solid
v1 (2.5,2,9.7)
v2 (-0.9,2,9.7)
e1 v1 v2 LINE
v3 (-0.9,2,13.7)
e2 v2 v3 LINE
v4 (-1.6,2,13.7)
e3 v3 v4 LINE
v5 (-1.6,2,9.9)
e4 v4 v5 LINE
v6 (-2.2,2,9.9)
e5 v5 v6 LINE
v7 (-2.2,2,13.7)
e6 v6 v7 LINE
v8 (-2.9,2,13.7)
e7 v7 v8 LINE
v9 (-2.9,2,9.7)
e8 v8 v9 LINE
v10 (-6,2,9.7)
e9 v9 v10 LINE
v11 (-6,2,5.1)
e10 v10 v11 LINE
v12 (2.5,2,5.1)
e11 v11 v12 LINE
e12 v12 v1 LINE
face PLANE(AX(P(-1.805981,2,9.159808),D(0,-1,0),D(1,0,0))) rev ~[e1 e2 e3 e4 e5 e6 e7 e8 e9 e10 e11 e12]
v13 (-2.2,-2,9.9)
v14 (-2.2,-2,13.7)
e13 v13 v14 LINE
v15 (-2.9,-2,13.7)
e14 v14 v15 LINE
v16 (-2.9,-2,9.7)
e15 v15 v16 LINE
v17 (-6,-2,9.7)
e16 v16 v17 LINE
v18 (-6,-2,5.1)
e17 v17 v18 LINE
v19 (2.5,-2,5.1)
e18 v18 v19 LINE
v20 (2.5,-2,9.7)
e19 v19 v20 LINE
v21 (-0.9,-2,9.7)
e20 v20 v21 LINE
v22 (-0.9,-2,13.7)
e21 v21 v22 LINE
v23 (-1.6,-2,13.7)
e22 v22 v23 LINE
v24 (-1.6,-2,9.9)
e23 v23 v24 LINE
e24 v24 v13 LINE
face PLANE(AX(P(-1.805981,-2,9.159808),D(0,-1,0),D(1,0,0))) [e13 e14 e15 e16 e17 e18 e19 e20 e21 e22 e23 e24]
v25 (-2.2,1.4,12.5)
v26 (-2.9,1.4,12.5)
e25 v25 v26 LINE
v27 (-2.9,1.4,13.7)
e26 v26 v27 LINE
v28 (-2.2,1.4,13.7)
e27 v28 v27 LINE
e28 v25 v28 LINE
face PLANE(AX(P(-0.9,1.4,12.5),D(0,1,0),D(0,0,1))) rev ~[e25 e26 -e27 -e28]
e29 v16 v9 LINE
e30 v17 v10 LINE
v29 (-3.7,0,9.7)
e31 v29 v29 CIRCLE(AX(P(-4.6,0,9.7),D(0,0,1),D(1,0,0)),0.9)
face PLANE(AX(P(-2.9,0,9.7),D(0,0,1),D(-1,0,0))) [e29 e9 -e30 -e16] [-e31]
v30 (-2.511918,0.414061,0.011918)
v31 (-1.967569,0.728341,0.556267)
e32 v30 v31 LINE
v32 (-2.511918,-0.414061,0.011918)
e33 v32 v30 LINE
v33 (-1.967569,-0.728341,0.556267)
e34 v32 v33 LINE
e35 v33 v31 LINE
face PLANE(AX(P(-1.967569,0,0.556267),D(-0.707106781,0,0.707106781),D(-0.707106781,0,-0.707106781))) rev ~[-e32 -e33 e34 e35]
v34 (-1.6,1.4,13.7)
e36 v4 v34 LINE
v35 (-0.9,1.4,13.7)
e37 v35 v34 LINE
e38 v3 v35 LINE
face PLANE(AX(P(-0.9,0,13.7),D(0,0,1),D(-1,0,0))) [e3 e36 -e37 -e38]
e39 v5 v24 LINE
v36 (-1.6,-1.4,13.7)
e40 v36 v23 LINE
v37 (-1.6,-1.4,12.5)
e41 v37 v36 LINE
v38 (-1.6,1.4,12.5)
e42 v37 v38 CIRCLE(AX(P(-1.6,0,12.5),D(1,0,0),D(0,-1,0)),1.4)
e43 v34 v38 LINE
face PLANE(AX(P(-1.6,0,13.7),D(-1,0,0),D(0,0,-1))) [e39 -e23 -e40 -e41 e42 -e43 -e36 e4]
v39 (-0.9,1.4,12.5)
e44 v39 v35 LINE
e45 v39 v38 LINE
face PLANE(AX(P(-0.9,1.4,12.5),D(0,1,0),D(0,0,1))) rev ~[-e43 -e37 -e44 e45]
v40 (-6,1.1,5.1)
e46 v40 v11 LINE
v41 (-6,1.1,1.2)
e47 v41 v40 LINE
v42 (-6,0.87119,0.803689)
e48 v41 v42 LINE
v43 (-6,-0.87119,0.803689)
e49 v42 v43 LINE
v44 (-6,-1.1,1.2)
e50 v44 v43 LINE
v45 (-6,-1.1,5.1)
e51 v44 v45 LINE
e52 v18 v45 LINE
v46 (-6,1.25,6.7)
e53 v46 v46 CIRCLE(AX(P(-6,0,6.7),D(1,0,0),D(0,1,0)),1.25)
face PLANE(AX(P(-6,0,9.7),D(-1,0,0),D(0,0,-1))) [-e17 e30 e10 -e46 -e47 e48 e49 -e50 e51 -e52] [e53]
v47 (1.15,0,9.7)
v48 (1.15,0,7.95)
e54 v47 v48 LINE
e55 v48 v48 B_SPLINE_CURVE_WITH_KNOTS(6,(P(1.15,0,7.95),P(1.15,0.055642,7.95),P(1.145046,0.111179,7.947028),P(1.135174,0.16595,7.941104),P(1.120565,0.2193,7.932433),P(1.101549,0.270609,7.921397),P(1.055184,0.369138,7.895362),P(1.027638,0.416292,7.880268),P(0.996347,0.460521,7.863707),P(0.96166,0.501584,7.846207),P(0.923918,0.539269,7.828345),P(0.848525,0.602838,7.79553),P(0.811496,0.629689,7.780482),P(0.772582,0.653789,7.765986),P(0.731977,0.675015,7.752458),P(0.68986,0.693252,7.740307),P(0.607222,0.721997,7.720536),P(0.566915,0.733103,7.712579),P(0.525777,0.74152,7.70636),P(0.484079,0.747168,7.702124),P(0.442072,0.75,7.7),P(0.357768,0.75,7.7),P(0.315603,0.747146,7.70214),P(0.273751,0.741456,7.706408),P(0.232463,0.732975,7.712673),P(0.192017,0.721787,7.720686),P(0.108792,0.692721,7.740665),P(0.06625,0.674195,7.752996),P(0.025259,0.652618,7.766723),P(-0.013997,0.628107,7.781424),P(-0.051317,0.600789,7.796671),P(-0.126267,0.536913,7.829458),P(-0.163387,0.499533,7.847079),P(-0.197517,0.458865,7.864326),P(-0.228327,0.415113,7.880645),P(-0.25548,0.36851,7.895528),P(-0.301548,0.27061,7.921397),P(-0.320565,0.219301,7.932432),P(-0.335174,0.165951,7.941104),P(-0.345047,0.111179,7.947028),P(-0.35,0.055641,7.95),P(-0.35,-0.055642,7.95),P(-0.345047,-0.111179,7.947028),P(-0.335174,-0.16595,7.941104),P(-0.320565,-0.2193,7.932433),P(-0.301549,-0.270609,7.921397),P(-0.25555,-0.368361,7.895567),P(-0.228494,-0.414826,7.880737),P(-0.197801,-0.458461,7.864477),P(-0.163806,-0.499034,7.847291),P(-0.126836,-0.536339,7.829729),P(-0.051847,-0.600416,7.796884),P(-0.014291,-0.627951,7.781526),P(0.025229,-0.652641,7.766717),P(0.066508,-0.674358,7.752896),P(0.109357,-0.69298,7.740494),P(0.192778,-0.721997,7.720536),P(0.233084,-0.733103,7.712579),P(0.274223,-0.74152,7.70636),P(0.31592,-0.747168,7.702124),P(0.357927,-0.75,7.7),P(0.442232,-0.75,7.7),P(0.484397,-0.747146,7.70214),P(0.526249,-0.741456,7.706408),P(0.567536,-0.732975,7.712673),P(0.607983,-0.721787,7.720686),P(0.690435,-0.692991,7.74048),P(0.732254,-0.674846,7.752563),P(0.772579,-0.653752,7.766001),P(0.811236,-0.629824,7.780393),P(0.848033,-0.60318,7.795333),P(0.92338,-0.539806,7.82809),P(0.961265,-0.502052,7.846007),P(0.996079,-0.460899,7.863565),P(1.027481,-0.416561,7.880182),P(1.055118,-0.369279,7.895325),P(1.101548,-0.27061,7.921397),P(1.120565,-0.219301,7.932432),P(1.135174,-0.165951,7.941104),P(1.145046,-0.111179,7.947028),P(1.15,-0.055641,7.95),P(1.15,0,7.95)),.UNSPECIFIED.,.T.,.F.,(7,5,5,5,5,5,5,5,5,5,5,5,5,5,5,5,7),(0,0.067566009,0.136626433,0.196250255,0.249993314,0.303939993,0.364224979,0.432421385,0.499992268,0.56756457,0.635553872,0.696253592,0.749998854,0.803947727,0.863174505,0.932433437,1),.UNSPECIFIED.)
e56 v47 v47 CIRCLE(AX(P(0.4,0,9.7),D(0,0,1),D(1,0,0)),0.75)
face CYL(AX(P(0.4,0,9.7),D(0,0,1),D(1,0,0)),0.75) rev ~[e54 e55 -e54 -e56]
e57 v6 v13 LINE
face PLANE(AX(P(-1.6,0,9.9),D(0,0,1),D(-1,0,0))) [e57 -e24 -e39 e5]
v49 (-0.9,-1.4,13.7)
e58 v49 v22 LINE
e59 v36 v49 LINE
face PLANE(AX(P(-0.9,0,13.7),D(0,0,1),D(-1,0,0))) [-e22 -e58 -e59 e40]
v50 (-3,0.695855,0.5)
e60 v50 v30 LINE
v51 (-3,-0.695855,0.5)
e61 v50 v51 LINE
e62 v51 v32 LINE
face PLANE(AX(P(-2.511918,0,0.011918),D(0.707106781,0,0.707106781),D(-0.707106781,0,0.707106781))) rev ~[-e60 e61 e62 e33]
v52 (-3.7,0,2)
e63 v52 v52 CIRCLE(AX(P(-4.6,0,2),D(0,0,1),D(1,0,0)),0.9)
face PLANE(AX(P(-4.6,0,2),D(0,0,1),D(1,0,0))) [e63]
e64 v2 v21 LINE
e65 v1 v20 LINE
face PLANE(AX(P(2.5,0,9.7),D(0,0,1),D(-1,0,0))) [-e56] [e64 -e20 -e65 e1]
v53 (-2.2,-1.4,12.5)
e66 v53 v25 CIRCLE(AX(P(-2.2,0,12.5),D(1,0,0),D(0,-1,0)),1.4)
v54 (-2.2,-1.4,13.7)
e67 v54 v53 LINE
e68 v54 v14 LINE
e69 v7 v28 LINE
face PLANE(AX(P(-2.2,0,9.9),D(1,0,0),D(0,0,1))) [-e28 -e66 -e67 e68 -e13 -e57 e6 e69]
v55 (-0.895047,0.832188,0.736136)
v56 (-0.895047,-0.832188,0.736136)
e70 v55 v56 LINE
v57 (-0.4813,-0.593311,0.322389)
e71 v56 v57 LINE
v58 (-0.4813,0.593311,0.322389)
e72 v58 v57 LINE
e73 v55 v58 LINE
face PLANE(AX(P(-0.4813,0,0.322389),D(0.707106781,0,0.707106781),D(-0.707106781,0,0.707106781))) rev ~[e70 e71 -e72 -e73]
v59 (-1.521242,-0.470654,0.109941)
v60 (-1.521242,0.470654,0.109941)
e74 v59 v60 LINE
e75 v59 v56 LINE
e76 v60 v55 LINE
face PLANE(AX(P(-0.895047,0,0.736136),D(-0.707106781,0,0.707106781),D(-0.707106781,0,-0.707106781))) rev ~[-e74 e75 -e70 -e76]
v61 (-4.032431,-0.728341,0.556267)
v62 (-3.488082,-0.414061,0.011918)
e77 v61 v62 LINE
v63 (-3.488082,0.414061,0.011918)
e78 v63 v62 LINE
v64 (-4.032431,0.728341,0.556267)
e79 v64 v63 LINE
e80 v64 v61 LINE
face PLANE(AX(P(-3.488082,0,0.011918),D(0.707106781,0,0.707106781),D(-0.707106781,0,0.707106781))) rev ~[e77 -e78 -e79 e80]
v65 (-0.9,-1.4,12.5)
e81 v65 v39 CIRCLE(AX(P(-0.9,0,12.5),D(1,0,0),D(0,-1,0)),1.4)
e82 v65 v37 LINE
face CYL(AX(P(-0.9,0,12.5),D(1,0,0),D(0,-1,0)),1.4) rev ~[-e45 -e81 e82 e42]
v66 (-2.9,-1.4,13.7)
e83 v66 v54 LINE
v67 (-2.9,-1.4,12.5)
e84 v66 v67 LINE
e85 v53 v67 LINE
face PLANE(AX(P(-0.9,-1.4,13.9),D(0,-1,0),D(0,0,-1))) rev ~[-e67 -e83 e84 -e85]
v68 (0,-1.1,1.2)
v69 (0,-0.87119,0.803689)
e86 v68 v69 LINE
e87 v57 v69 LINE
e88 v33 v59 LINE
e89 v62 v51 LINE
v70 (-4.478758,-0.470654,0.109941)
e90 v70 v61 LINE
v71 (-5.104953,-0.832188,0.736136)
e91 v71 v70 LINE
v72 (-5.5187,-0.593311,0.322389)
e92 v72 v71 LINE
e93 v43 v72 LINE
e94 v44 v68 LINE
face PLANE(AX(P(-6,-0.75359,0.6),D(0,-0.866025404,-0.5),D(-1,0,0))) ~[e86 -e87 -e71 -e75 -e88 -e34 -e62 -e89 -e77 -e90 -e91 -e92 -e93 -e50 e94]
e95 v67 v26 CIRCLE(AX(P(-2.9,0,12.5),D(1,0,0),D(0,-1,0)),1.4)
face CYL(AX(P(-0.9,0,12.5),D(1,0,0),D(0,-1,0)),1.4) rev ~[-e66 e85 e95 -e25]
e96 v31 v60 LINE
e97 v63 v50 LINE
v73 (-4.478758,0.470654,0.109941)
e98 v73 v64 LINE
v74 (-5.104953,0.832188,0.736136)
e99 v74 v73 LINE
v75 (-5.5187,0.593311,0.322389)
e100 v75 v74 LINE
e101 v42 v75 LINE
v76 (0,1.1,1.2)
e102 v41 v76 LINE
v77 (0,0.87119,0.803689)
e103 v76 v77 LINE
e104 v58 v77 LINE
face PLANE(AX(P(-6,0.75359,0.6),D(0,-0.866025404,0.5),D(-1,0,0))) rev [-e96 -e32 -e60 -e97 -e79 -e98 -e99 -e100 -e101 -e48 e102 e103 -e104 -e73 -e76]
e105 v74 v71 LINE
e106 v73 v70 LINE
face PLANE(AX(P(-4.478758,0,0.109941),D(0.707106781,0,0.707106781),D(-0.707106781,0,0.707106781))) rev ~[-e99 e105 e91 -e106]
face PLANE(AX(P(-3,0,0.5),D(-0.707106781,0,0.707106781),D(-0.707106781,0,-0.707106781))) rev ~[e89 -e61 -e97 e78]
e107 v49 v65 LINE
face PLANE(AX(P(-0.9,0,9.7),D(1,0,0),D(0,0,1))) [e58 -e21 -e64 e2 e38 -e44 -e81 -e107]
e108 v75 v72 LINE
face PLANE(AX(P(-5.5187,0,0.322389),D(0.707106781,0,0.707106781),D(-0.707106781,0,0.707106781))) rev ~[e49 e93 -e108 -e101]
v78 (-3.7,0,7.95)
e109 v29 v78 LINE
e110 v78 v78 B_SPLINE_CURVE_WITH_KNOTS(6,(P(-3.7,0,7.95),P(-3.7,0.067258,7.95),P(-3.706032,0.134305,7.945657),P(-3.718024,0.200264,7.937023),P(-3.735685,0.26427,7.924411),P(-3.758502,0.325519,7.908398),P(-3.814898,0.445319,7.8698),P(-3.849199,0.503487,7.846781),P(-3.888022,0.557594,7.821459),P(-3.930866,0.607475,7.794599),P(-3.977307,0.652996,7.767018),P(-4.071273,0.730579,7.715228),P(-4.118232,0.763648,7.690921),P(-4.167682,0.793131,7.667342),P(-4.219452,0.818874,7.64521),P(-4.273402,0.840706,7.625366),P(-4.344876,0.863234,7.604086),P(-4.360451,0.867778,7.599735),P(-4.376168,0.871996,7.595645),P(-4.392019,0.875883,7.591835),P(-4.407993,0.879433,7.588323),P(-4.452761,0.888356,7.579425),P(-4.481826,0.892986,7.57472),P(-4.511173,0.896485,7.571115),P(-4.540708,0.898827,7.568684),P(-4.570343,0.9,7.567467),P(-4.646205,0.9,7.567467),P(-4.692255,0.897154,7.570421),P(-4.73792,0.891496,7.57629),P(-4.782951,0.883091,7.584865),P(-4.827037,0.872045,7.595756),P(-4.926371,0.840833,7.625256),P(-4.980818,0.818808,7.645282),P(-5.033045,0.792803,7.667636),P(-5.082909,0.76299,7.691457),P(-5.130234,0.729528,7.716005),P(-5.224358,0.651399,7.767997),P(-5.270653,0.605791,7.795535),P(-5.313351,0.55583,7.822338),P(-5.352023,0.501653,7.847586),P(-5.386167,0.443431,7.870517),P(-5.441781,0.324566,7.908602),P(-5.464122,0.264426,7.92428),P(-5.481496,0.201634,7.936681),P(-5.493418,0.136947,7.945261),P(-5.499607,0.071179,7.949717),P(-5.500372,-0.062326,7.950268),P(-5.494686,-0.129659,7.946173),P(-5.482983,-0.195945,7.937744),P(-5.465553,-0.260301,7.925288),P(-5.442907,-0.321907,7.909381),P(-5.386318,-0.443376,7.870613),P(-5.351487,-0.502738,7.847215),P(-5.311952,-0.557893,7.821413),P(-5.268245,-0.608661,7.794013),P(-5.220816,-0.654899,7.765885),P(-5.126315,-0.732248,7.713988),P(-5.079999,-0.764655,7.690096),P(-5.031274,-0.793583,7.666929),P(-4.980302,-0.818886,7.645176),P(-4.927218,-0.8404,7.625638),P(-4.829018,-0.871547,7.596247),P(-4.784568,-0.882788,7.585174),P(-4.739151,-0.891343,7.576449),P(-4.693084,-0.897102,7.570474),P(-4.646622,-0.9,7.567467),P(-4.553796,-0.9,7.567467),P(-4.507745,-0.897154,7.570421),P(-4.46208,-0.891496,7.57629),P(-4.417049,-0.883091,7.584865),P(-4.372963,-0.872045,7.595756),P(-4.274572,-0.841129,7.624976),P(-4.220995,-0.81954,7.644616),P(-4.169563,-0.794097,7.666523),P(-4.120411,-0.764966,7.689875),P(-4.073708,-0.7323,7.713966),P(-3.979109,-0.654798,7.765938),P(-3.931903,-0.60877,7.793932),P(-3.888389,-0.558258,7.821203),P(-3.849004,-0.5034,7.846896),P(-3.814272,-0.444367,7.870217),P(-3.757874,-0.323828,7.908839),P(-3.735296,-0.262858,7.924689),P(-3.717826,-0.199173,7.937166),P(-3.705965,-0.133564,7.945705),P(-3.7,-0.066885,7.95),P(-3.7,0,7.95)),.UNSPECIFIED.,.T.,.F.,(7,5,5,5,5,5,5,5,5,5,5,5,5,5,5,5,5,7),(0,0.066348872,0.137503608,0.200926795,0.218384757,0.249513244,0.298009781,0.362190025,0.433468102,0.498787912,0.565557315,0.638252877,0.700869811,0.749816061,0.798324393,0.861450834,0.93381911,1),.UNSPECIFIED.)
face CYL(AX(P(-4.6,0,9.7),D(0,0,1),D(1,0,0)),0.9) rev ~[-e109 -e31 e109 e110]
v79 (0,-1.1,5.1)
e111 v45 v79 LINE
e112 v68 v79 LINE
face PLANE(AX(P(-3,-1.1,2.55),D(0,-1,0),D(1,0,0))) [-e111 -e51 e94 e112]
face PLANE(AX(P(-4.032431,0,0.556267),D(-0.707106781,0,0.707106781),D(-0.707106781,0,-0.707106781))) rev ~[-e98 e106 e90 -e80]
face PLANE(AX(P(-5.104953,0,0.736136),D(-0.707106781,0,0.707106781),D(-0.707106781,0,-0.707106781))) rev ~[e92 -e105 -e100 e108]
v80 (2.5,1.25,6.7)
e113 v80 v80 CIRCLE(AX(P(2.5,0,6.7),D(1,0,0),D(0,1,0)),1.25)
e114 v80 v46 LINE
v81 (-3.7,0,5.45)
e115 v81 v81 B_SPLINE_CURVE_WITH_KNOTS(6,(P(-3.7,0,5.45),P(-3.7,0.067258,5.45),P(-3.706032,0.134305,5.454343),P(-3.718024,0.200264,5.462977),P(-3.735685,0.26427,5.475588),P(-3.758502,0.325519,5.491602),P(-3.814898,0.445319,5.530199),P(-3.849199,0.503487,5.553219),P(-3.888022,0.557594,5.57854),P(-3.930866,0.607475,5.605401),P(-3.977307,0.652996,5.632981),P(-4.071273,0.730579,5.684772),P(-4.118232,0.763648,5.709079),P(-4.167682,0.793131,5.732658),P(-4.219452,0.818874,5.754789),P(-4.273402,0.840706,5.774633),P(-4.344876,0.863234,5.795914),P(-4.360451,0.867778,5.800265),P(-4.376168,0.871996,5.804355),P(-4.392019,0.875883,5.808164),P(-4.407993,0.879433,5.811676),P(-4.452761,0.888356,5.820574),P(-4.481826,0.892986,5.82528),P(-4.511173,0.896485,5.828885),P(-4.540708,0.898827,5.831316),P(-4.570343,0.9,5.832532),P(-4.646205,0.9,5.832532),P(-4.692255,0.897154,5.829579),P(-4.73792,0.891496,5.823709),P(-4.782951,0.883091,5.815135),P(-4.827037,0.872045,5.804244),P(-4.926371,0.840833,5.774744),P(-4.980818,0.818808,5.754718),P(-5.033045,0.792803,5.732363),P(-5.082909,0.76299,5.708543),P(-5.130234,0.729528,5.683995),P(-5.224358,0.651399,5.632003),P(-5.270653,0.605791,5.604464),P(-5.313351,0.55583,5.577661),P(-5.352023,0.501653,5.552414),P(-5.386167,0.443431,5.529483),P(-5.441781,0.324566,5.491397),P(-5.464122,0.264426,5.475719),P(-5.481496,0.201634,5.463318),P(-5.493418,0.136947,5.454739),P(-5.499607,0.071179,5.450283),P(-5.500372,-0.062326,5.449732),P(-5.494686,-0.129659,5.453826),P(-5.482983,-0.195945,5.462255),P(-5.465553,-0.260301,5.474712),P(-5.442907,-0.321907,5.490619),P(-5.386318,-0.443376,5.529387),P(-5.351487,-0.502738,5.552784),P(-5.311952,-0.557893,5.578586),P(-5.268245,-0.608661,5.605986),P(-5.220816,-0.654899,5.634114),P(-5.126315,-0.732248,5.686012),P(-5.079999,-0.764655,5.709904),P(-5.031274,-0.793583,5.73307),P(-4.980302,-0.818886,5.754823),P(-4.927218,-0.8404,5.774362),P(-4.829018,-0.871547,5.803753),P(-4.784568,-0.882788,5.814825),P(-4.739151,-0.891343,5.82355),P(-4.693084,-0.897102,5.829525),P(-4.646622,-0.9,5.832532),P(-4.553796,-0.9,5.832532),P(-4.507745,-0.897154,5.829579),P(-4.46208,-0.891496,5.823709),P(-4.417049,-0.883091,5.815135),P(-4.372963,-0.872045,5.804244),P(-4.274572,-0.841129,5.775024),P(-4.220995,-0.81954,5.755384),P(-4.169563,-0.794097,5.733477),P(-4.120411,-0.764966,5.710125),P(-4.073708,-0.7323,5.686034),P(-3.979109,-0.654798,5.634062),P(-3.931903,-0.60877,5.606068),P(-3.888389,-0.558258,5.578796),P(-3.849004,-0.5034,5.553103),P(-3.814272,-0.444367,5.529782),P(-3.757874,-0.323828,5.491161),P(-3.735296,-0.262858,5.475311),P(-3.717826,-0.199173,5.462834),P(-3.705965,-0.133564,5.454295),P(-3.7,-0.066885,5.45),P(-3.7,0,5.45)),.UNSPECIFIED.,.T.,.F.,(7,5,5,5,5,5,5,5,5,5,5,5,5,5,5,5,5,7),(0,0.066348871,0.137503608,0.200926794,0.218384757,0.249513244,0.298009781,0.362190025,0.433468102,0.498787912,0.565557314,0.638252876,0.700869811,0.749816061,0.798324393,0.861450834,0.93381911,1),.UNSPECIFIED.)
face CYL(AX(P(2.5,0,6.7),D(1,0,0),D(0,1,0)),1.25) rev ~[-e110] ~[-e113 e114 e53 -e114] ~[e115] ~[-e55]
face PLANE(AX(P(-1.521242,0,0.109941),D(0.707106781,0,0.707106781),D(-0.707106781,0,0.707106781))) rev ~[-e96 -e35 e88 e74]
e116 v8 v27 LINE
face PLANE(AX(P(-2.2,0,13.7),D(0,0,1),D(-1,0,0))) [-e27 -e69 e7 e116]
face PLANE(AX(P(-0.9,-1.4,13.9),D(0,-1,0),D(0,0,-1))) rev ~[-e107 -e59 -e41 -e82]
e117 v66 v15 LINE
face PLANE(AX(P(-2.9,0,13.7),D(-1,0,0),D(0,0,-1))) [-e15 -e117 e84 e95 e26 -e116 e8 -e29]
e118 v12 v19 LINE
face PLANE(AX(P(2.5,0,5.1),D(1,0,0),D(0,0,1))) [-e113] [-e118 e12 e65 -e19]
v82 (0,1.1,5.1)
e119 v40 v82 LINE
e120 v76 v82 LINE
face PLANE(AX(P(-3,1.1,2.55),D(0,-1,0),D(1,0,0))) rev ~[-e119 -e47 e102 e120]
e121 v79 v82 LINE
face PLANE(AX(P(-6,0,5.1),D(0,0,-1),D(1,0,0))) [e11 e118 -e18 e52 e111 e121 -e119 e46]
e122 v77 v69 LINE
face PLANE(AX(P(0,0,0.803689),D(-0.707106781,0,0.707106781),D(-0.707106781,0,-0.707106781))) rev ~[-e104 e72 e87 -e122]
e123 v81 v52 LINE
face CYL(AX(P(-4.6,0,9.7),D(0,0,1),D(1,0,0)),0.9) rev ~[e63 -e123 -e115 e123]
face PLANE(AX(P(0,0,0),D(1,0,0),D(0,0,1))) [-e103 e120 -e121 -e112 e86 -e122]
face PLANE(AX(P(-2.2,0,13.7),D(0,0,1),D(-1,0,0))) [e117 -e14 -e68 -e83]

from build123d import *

# Parameters (mm, degrees)
F1_DEPTH    = 2
F0_W        = 6
F0_H        = 5.0999999046
F2_DEPTH    = 1.1
F3_W        = 2.7999999523
F3_H        = 0.2000000477
F4_DEPTH    = 2
F5_R        = 1.25
F6_DEPTH    = 8.5
F7_R        = 0.75
F8_DEPTH    = 3
F9_R        = 0.8999999762
F10_DEPTH   = 7.7
F11_SIZE2   = 0.692820323
F11_SIZE    = 1.2
F11_2_SIZE2 = 0.692820323
F11_2_SIZE  = 1.2
F13_DEPTH   = 12.5


with BuildPart() as f1:
    # F0 (on Front) → F1 (new body, symmetric)
    with BuildSketch(Plane.XZ):
        Polygon((-6, 5.0999999046), (0, 5.0999999046), (2.5, 5.0999999046), (2.5, 9.6999998093), (-0.9000000954, 9.6999998093), (-0.9000000954, 13.6999998093), (-1.6000000834, 13.6999998093), (-1.6000000834, 9.8999998569), (-2.2000001073, 9.8999998569), (-2.2000001073, 13.6999998093), (-2.9000000954, 13.6999998093), (-2.9000000954, 9.6999998093), (-6, 9.6999998093), align=None)
    extrude(amount=F1_DEPTH, both=True)

    # F0 (on Front) → F2 (join, symmetric)
    with BuildSketch(Plane.XZ):
        with Locations((-3, 2.5499999523)):
            Rectangle(F0_W, F0_H)
    extrude(amount=F2_DEPTH, both=True)

    # F3 (on face) → F4 (cut)
    with BuildSketch(Plane.YZ.offset(-0.9000000954)):
        with Locations((0, 13.7999998331)):
            Rectangle(F3_W, F3_H)
        with BuildLine():
            Line((-1.3999999762, 13.6999998093), (-1.3999999762, 12.4999998808))
            ThreePointArc((-1.3999999762, 12.4999998808), (0, 11.0999999046), (1.3999999762, 12.4999998808))
            Line((1.3999999762, 12.4999998808), (1.3999999762, 13.6999998093))
            Line((1.3999999762, 13.6999998093), (-1.3999999762, 13.6999998093))
        make_face()
    extrude(amount=-F4_DEPTH, mode=Mode.SUBTRACT)

    # F5 (on face) → F6 (cut)
    with BuildSketch(Plane.YZ.offset(2.5)):
        with Locations((0, 6.6999998093)):
            Circle(F5_R)
    extrude(amount=-F6_DEPTH, mode=Mode.SUBTRACT)

    # F7 (on face) → F8 (cut)
    with BuildSketch(Plane.XY.offset(9.6999998093)):
        with Locations((0.3999998569, 0)):
            Circle(F7_R)
    extrude(amount=-F8_DEPTH, mode=Mode.SUBTRACT)

    # F9 (on face) → F10 (cut)
    with BuildSketch(Plane.XY.offset(9.6999998093)):
        with Locations((-4.6000001431, 0)):
            Circle(F9_R)
    extrude(amount=-F10_DEPTH, mode=Mode.SUBTRACT)

    # F11
    f11_edges = [f1.edges().sort_by_distance(p)[0] for p in [
        (-3, -1.1, 0),
    ]]
    f11_side = f1.faces().sort_by_distance((-3, -1.1, 2.55))[0]
    chamfer(f11_edges, length=F11_SIZE, length2=F11_SIZE2, reference=f11_side)

    # F11#2
    f11_2_edges = [f1.edges().sort_by_distance(p)[0] for p in [
        (-3, 1.1, 0),
    ]]
    f11_2_side = f1.faces().sort_by_distance((-3, 1.1, 2.55))[0]
    chamfer(f11_2_edges, length=F11_2_SIZE, length2=F11_2_SIZE2, reference=f11_2_side)

    # F12 (on Front) → F13 (cut, symmetric)
    with BuildSketch(Plane.XZ):
        Polygon((-2.5119182901, 0.0119182901), (-3, 0.5), (-3.4880817099, 0.0119182901), (-4.0324307496, 0.5562673297), (-4.4787575401, 0.1099405392), (-5.1049532346, 0.7361362337), (-5.518700193, 0.3223892754), (-6, 0.8036890823), (-6, 0), (0, 0), (0, 0.8036890823), (-0.481299807, 0.3223892754), (-0.8950467654, 0.7361362337), (-1.5212424599, 0.1099405392), (-1.9675692504, 0.5562673297), align=None)
    extrude(amount=F13_DEPTH, both=True, mode=Mode.SUBTRACT)


solid = f1.part
